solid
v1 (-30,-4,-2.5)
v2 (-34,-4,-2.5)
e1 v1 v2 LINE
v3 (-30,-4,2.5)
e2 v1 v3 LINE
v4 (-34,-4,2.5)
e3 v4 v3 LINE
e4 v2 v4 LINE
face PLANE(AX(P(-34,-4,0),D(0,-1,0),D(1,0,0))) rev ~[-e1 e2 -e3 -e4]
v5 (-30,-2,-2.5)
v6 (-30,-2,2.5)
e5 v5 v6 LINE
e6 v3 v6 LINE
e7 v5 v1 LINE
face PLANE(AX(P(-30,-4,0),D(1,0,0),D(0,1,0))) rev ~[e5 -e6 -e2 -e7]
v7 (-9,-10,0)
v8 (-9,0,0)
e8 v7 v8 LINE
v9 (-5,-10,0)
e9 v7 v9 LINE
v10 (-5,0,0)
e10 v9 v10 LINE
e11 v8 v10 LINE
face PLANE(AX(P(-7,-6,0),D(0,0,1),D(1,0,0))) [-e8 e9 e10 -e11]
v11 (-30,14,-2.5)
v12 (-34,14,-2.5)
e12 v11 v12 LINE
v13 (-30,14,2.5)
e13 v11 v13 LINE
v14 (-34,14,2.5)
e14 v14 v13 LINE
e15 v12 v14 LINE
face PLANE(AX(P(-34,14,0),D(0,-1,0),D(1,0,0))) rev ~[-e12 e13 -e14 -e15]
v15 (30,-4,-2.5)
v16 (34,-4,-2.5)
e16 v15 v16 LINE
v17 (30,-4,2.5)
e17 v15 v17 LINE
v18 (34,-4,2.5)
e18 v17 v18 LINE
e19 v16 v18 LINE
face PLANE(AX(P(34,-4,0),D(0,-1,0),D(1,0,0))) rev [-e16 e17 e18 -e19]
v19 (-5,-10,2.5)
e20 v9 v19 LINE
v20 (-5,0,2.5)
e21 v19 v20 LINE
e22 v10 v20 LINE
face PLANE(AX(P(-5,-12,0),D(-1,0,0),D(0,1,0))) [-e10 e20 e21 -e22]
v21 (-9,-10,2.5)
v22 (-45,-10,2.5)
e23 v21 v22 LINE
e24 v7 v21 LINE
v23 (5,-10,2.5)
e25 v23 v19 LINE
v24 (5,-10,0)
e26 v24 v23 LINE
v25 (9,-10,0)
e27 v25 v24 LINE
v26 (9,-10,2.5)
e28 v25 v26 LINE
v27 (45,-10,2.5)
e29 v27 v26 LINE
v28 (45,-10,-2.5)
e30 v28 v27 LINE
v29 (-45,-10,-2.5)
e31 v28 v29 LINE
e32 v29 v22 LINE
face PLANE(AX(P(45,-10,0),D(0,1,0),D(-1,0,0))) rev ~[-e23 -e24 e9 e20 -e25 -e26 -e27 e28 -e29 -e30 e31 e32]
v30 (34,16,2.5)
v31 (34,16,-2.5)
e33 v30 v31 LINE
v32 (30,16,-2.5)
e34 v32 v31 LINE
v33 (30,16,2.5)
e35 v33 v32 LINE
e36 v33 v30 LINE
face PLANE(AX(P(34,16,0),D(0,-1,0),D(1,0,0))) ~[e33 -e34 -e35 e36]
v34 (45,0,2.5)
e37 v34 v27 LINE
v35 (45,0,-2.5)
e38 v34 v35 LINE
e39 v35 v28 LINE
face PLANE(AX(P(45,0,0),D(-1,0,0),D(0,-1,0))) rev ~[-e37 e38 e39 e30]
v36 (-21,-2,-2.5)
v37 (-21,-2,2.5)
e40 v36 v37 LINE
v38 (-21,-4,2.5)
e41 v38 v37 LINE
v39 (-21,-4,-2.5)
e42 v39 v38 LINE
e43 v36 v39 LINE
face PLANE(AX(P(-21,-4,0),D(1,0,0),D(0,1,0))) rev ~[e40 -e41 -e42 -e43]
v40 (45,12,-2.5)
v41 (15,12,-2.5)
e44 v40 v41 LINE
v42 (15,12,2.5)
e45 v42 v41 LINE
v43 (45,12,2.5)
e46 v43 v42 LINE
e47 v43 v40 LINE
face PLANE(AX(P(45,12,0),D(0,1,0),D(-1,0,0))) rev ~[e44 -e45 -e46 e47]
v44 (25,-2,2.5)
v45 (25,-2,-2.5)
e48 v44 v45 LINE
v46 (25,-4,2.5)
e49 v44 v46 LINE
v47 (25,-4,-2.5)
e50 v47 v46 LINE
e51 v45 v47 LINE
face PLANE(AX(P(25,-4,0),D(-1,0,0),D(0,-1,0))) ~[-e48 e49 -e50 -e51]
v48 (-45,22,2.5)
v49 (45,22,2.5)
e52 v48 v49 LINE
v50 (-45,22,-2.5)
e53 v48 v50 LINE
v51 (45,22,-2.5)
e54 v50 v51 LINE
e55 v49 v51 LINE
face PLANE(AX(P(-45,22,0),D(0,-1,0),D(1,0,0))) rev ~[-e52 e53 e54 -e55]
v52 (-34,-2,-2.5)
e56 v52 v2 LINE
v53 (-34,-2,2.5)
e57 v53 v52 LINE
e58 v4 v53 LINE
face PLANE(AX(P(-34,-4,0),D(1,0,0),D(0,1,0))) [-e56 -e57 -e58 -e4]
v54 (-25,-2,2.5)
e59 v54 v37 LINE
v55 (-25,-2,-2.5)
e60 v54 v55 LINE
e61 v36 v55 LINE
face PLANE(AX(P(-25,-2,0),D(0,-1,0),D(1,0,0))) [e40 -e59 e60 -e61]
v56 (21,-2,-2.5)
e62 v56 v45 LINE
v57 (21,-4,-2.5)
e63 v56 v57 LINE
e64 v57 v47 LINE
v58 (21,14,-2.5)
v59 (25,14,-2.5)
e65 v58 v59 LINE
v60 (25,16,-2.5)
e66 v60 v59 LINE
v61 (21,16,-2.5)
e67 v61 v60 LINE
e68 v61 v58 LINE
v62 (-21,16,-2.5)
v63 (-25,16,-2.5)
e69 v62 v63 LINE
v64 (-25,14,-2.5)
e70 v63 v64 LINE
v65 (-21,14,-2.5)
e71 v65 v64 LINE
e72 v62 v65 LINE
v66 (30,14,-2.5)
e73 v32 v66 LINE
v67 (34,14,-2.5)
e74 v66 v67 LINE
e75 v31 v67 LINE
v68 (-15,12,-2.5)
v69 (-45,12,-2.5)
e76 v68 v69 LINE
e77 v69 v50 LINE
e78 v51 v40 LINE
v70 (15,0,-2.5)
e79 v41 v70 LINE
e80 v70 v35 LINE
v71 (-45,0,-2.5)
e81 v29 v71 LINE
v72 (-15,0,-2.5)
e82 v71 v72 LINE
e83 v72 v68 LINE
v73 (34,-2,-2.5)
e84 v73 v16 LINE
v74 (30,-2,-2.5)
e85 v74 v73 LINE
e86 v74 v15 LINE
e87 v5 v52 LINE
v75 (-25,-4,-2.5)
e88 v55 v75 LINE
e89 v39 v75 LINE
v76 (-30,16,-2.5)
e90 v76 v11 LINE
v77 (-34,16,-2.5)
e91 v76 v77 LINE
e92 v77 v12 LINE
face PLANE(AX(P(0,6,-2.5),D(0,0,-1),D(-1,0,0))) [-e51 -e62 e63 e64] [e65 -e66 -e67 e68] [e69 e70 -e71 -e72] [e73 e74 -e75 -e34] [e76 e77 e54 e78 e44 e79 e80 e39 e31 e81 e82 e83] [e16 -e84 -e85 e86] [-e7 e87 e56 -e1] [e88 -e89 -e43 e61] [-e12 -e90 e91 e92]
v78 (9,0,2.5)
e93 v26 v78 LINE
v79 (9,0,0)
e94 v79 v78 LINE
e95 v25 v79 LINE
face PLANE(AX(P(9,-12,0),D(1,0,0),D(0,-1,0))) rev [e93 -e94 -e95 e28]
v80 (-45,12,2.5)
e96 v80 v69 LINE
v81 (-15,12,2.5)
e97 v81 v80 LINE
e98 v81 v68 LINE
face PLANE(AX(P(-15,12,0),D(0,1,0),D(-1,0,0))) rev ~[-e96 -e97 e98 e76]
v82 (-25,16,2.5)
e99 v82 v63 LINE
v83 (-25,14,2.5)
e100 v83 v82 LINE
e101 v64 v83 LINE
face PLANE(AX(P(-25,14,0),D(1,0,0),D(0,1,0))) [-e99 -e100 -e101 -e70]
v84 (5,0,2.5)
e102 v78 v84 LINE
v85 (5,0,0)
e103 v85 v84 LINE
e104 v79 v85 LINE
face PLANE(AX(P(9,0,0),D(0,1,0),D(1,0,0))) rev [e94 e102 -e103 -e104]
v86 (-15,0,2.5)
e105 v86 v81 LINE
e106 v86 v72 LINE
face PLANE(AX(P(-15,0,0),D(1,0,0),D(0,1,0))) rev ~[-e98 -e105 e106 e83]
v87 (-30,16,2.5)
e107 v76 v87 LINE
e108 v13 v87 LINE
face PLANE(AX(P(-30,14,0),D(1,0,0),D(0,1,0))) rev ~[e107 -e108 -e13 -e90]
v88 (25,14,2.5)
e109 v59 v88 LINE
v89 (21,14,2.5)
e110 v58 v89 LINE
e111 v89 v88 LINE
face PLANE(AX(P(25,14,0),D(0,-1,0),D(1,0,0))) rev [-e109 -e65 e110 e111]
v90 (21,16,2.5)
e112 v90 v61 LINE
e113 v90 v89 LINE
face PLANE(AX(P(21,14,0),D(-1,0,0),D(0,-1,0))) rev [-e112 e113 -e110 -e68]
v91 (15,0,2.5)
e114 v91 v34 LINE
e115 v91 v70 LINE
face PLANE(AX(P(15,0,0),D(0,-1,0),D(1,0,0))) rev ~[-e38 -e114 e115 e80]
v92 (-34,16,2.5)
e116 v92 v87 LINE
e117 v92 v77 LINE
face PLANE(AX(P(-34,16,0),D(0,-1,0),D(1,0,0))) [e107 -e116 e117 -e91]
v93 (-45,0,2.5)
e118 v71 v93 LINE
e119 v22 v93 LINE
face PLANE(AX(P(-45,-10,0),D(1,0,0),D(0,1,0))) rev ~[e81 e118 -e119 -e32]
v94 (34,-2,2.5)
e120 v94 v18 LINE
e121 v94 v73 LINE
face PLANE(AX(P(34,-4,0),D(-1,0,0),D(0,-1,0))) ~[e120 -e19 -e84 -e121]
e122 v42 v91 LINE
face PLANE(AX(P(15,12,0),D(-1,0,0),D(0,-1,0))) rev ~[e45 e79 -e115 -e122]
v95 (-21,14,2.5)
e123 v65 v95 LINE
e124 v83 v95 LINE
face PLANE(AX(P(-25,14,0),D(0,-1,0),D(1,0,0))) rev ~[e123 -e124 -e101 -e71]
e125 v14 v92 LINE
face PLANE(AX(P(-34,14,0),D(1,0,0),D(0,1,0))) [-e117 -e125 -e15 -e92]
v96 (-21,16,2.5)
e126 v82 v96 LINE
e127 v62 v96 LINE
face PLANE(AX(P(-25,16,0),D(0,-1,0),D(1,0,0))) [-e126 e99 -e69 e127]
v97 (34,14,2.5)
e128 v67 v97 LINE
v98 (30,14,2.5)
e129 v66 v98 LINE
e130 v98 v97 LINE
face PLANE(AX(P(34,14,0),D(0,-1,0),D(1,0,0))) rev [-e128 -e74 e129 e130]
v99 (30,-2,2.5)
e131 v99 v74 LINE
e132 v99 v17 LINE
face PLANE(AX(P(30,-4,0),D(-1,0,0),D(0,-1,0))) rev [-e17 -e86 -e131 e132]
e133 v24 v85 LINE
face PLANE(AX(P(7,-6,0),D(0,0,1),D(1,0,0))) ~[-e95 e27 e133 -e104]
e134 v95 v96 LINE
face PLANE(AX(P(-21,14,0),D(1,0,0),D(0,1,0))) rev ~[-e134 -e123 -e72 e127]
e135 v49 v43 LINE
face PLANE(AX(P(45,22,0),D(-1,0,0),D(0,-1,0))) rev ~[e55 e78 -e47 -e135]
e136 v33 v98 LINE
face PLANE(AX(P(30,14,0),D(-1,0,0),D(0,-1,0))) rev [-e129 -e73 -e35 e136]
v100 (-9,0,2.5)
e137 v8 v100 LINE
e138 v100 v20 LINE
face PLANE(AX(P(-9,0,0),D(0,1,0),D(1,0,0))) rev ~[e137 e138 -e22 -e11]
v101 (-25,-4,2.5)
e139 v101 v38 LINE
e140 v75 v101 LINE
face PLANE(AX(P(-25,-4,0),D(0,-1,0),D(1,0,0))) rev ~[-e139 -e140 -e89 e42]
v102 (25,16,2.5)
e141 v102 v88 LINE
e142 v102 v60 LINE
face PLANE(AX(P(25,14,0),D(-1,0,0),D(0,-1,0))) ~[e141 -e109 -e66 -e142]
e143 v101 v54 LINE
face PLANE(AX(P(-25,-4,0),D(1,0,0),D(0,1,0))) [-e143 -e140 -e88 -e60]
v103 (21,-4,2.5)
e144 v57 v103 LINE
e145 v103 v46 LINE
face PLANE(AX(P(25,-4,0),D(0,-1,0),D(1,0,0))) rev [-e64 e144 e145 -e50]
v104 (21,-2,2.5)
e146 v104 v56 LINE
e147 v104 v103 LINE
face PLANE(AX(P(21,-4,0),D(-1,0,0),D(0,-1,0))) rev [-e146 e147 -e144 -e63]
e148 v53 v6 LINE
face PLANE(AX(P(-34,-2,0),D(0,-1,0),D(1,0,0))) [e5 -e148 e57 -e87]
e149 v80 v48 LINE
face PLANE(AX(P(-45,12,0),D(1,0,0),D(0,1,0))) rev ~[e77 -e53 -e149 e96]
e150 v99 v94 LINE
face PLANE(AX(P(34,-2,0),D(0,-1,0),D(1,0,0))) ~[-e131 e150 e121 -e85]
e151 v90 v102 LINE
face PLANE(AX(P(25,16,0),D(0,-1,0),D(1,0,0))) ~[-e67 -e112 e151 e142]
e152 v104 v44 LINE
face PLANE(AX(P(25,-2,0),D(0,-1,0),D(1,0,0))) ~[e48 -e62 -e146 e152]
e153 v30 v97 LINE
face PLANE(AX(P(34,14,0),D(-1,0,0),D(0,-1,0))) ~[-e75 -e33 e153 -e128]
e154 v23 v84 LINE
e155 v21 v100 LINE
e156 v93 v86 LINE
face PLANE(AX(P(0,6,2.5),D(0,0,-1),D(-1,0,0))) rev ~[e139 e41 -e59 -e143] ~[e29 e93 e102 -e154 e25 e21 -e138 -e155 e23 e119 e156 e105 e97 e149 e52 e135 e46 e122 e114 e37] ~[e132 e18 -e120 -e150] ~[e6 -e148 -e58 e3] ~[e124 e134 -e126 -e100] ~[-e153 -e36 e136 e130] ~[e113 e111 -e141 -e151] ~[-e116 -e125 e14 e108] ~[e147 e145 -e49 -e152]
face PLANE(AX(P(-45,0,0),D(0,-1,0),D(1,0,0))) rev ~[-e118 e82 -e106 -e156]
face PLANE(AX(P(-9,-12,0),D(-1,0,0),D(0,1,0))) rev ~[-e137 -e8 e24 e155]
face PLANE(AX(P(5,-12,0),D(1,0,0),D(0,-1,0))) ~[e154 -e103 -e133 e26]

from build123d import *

# Parameters (mm, degrees)
PAD_DEPTH         = 2.5
SKETCH001_W       = 4
SKETCH001_H       = 2
POCKET_DEPTH      = 193.80181
POCKET_DEPTH_BACK = 193.80181
SKETCH002_W       = 4
SKETCH002_H       = 12
POCKET001_DEPTH   = 193.80181


with BuildPart() as part:
    # Sketch → Pad (new body, symmetric)
    with BuildSketch(Plane.XY):
        Polygon((-45, 0), (-15, 0), (-15, 12), (-45, 12), (-45, 22), (45, 22), (45, 12), (15, 12), (15, 0), (45, 0), (45, -10), (-45, -10), align=None)
    extrude(amount=PAD_DEPTH, both=True)

    # Sketch001 → Pocket (cut, two sides)
    with BuildSketch(Plane.XY) as pocket_sk:
        with Locations((-32, -3)):
            Rectangle(SKETCH001_W, SKETCH001_H)
        with Locations((-32, 15)):
            Rectangle(SKETCH001_W, SKETCH001_H)
        with Locations((-23, -3)):
            Rectangle(SKETCH001_W, SKETCH001_H)
        with Locations((-23, 15)):
            Rectangle(SKETCH001_W, SKETCH001_H)
    pocket = extrude(amount=-POCKET_DEPTH, mode=Mode.SUBTRACT) + extrude(pocket_sk.sketch, amount=POCKET_DEPTH_BACK, mode=Mode.SUBTRACT)

    # Mirrored: Pocket across YZ
    add(pocket.mirror(Plane.YZ), mode=Mode.SUBTRACT)

    # Sketch002 → Pocket001 (cut, through all)
    with BuildSketch(Plane.XY):
        with Locations((-7, -6)):
            Rectangle(SKETCH002_W, SKETCH002_H)
    pocket001 = extrude(amount=POCKET001_DEPTH, mode=Mode.SUBTRACT)

    # Mirrored001: Pocket001 across Sketch002 V_Axis
    add(pocket001.mirror(Plane(origin=(0, 0, 0), x_dir=(0, 0, 1), z_dir=(1, 0, 0))), mode=Mode.SUBTRACT)


solid = part.part
